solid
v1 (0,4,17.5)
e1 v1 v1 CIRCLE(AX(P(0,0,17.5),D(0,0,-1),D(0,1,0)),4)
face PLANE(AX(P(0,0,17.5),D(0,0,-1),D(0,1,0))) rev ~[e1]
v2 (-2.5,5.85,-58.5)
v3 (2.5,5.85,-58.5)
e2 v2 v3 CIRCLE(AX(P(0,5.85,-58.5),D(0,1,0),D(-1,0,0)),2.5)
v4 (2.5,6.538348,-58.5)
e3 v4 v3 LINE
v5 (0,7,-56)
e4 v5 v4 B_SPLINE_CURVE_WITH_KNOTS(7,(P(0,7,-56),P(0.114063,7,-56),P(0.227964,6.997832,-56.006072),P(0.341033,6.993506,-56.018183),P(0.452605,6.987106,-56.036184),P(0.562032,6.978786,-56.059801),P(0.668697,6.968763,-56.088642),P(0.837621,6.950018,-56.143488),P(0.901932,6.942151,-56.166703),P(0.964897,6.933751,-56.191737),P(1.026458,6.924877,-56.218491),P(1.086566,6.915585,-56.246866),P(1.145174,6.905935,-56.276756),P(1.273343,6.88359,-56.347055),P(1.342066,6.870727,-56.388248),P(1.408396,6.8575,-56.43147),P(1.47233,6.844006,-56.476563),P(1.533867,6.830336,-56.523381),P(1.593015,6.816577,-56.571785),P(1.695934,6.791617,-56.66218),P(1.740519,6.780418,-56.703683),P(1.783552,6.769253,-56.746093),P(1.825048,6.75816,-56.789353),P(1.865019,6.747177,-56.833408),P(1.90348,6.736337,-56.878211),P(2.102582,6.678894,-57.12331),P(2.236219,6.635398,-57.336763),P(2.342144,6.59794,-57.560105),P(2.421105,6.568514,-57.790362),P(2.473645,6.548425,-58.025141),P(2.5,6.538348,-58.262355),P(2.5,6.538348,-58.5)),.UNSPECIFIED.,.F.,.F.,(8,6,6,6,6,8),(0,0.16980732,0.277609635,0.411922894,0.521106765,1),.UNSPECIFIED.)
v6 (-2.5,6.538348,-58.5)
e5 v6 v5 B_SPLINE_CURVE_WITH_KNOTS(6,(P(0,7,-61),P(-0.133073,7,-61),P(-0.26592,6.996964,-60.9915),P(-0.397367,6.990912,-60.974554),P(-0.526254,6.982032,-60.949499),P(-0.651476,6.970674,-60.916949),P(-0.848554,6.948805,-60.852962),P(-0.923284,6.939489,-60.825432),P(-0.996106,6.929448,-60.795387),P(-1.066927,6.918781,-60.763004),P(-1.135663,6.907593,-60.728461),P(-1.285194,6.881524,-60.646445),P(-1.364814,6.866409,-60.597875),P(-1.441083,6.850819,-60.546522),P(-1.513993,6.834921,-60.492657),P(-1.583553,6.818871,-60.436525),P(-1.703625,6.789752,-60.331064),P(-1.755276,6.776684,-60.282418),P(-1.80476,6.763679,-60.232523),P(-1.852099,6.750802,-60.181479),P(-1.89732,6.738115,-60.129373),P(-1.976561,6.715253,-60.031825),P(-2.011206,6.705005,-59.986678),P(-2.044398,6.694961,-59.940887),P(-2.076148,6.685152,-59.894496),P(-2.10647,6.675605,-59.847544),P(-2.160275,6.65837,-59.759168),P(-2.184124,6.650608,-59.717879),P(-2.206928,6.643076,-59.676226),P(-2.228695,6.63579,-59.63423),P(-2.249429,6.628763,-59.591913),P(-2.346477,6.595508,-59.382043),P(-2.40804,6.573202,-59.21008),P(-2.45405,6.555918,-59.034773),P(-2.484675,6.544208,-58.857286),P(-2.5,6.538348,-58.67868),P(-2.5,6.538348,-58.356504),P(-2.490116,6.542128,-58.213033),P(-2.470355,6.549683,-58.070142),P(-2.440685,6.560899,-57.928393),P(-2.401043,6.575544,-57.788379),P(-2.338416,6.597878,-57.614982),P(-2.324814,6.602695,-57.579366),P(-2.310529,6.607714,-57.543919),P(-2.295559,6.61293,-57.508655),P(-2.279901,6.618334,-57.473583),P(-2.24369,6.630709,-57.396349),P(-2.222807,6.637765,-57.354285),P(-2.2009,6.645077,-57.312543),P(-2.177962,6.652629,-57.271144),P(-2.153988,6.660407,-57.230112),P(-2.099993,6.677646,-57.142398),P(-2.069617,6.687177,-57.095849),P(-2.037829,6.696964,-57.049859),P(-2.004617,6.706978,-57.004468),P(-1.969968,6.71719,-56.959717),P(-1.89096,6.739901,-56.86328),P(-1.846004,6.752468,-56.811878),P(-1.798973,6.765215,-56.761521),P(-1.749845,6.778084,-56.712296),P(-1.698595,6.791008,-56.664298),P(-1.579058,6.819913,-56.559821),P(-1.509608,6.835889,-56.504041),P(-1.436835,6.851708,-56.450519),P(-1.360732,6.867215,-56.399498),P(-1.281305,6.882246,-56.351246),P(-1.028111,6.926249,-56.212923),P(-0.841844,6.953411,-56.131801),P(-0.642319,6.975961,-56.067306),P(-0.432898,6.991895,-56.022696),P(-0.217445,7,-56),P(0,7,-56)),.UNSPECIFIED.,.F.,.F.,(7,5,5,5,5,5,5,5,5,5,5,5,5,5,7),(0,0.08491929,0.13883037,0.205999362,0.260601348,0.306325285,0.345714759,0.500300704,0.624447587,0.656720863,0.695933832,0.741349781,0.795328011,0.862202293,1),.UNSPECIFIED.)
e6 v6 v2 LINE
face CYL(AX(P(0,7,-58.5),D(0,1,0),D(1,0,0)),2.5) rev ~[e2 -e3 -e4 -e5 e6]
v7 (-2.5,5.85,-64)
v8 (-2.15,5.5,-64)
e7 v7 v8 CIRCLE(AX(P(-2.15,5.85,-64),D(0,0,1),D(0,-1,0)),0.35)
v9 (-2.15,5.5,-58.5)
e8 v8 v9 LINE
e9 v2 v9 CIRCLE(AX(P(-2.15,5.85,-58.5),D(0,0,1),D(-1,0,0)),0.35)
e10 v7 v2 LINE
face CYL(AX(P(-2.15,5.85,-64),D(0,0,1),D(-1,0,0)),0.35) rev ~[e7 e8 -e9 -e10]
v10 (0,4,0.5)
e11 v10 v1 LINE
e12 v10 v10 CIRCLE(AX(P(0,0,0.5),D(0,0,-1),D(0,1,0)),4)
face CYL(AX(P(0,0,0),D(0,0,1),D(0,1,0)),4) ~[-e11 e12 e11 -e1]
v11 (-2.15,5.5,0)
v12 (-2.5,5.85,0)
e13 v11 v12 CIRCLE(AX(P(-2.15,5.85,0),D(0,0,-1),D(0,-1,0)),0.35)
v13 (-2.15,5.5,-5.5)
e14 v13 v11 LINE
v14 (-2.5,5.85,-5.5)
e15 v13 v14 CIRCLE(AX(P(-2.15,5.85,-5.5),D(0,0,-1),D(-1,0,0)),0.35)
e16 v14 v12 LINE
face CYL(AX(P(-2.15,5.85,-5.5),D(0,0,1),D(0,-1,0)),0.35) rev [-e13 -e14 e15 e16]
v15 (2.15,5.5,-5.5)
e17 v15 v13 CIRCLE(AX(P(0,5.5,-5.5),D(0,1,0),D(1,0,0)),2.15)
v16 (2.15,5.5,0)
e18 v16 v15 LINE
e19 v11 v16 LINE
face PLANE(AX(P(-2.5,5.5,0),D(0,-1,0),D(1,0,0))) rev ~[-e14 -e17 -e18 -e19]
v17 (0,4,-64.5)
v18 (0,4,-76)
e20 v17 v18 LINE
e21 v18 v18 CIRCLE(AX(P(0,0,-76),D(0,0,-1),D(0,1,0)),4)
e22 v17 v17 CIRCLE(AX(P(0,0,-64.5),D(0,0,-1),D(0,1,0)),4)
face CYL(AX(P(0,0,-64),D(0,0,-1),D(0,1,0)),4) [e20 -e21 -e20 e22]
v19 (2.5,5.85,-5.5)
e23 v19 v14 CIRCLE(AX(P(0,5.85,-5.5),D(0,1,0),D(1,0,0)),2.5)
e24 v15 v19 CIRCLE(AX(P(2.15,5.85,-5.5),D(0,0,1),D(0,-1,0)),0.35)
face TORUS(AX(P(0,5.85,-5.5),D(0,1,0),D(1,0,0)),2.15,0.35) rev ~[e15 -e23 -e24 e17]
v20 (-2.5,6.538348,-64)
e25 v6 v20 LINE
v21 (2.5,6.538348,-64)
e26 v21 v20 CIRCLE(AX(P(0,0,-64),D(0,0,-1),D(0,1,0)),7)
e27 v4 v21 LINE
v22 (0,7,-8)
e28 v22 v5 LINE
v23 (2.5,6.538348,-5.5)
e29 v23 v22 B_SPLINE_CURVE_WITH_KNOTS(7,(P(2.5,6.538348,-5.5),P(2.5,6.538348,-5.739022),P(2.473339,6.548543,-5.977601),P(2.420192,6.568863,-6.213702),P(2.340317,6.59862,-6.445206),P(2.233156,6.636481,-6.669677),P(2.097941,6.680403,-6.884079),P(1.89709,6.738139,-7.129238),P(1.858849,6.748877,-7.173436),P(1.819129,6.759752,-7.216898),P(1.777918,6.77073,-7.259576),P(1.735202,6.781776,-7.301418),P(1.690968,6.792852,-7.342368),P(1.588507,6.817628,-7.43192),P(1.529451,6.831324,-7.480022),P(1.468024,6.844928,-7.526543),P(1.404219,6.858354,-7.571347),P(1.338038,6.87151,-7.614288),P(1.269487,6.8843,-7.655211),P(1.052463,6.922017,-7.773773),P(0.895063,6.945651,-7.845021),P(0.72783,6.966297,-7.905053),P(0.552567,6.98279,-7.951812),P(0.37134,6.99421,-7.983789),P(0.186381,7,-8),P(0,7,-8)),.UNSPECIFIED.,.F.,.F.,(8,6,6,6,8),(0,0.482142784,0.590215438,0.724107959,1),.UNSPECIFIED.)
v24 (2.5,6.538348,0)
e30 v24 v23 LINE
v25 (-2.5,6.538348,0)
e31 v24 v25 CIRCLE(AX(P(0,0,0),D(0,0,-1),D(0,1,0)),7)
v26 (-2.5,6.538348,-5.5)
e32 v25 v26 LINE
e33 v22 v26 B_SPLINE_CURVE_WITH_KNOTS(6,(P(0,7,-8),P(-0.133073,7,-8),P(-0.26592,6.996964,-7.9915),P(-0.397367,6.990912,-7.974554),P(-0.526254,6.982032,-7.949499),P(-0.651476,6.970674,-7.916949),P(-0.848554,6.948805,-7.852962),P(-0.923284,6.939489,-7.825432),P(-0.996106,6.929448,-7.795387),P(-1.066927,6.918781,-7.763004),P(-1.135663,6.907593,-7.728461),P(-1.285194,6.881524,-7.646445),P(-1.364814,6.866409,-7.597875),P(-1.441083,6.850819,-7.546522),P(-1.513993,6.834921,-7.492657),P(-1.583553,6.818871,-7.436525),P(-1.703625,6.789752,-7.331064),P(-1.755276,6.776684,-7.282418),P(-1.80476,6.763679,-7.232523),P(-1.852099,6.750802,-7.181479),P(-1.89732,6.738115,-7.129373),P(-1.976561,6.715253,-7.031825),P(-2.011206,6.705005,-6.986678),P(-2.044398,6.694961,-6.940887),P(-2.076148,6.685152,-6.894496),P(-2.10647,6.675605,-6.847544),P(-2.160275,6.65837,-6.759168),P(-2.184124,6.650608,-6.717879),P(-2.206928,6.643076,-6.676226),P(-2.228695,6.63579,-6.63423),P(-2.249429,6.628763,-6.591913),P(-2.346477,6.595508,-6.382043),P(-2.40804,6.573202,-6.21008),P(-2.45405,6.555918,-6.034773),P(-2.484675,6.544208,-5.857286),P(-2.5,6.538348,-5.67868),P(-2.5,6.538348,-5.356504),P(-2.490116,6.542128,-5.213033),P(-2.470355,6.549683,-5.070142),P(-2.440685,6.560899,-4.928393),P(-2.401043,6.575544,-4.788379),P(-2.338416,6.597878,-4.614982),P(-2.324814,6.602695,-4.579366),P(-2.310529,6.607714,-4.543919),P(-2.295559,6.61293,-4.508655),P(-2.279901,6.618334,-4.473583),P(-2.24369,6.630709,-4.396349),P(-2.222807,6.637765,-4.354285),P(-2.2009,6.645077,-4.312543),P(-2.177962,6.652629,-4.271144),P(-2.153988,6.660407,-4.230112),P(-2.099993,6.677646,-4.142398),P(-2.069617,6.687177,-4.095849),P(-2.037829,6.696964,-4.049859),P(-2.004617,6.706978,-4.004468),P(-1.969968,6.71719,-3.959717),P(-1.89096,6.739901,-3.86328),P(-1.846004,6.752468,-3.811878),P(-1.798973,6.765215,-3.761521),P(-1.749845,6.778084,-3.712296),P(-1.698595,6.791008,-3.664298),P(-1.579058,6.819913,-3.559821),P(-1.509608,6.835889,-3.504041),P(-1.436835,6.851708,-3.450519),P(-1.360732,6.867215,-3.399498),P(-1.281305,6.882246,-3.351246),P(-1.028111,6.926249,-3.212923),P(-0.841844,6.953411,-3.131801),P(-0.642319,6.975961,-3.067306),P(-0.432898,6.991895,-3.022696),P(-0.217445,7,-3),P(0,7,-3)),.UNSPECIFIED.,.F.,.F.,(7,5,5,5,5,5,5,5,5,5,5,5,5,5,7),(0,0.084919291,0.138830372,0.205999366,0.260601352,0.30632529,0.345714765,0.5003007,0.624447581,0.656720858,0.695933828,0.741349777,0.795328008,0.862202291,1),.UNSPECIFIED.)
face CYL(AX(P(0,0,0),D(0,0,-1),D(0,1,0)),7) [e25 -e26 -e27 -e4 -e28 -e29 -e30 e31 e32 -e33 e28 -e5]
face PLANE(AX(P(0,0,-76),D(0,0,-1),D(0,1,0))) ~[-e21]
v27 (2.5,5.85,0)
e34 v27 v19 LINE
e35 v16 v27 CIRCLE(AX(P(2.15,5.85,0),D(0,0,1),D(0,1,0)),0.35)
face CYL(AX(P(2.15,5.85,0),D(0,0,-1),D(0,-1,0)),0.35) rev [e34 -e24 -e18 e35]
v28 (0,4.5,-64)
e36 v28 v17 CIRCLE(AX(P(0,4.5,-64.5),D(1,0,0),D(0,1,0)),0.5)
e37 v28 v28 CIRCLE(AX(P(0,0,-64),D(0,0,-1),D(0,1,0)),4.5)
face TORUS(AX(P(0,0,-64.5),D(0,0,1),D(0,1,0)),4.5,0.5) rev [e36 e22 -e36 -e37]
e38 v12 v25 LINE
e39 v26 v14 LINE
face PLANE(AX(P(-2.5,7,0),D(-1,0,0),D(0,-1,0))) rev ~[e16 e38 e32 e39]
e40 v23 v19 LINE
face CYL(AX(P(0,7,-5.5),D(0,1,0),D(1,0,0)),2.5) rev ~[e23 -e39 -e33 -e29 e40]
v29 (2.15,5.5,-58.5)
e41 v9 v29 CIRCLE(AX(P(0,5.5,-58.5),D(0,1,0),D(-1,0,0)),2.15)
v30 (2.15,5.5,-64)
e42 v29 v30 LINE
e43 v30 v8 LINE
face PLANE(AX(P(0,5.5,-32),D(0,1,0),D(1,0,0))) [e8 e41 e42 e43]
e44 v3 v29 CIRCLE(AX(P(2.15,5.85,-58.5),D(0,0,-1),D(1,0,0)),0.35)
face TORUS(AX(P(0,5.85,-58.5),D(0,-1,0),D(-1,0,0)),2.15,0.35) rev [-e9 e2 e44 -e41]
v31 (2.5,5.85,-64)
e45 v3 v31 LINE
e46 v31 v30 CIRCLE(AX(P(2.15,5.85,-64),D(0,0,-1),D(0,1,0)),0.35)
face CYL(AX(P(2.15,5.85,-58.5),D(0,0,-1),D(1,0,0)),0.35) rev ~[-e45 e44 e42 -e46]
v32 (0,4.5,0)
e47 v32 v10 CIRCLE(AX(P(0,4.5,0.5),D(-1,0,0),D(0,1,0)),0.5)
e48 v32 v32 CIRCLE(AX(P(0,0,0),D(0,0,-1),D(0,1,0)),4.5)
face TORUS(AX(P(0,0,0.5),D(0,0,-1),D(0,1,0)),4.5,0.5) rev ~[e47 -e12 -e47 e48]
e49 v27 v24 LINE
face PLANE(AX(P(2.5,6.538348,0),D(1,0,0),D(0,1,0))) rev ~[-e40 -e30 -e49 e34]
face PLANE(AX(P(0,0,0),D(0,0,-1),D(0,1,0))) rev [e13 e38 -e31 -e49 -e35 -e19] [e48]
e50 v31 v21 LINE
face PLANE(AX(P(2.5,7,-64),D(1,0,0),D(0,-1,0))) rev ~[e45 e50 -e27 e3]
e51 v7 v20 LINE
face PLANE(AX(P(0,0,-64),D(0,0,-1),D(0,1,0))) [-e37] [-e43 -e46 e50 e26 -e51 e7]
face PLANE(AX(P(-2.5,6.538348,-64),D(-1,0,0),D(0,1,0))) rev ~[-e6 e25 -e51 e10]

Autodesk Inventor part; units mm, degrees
ref_plane "YZ Plane" through (0, 0, 0) normal (1, 0, 0) x (0, 1, 0)
sketch "Sketch1" plane through (0, 0, 0) normal (1, 0, 0) x (0, 1, 0)
  line L0 (0, 0) -> (7, 0)
  line L1 (7, 0) -> (7, -64)
  line L2 (7, -64) -> (0, -64)
  line L3 (0, 0) -> (0, -64)
  line L4 (0, 18.3308) -> (0, -79.8767)
  line L5 (0, -64) -> (4, -64)
  line L6 (4, -64) -> (4, -76)
  line L7 (4, -76) -> (4, -76)
  line L8 (0, -76) -> (0, -74)
  line L9 (0, -76) -> (4, -76)
  line L10 (0, -74) -> (0, -76)
  line L11 (4, -76) -> (0, -76)
  line L12 (0, -74) -> (0, -64)
  line L13 (0, 0) -> (4, 0)
  line L14 (4, 0) -> (4, 17.5)
  line L15 (4, 17.5) -> (0, 17.5)
  line L16 (0, 17.5) -> (0, 0)
  point P0 (0, -82)
  point P1 (0, -64)
  point P2 (0, 17.5)
  point P3 (4, 0)
  point P4 (0, -76)
  dimension "d0" = 7
  dimension "d1" = 64
  dimension "d7" = 12
  dimension "d11" = 4
  dimension "d35" = 4
  dimension "d36" = 17.5
ref_plane "Work Plane1" through (0, 0, 14.5) normal (0, 0, 1) x (1, 0, 0)
revolve "Revolution2" add sketch "Sketch1" angle 360 about axis through (0, 0, 18.3308) along (0, 0, -1)
sketch "Sketch4" plane through (0, 0, 0) normal (0, 0, 1) x (1, 0, 0)
  line L0 (0, 7) -> (2.5, 7)
  line L1 (2.5, 7) -> (-2.5, 7)
  line L2 (-2.5, 7) -> (-2.5, 5.5)
  line L3 (-2.5, 5.5) -> (2.5, 5.5)
  line L4 (2.5, 5.5) -> (2.5, 7)
  circle A0 centre (0, 0) radius 7 projected
  point P0 (0, 0)
  point P1 (0, 7)
  dimension "d37" = 2.5
  dimension "d38" = 5
  dimension "d39" = 1.5
extrude "Extrusion5" cut sketch "Sketch4" against normal blind 5.5 contours A0 L2 L1 | L0 L4 A0 | A0 L4 L3 L2 picked at (0, 6)
sketch "Sketch5" plane through (0, 0, -64) normal (0, 0, -1) x (-1, 0, 0)
  line L0 (0, 7) -> (2.5, 7)
  line L1 (2.5, 7) -> (-2.5, 7)
  line L2 (-2.5, 7) -> (-2.5, 5.5)
  line L3 (-2.5, 5.5) -> (2.5, 5.5)
  line L4 (2.5, 5.5) -> (2.5, 7)
  circle A0 centre (0, 0) radius 7 projected
  point P0 (0, 0)
  point P1 (0, 7)
  dimension "d42" = 2.5
  dimension "d43" = 5
  dimension "d44" = 1.5
extrude "Extrusion6" cut sketch "Sketch5" against normal blind 5.5 contours A0 L2 L1 | L0 L4 A0 | A0 L4 L3 L2 picked at (0, 6)
ref_plane "Work Plane2" through (0, 7, -32) normal (0, 1, 0) x (1, 0, 0)
sketch "Sketch6" plane through (0, 7, -32) normal (0, 1, 0) x (1, 0, 0)
  line L0 (2.5, -26.5) -> (-2.5, -26.5) projected
  circle A0 centre (0, -26.5) radius 2.5
  line L1 (-2.5, 26.5) -> (2.5, 26.5) projected
  circle A1 centre (0, 26.5) radius 2.5
  point P0 (0, -32)
extrude "Extrusion7" cut sketch "Sketch6" against normal blind 1.5
fillet "Fillet4" radius 0.35 6 edges at (0, 5.5, -8) (2.5, 5.5, -2.75) (-2.5, 5.5, -2.75) (-2.5, 5.5, -61.25) (2.5, 5.5, -61.25) (0, 5.5, -56)
fillet "Fillet5" radius 0.5 2 edges at (0, -4, 0) (0, -4, -64)
properties part number "eje1" material "PBT Plastic"
